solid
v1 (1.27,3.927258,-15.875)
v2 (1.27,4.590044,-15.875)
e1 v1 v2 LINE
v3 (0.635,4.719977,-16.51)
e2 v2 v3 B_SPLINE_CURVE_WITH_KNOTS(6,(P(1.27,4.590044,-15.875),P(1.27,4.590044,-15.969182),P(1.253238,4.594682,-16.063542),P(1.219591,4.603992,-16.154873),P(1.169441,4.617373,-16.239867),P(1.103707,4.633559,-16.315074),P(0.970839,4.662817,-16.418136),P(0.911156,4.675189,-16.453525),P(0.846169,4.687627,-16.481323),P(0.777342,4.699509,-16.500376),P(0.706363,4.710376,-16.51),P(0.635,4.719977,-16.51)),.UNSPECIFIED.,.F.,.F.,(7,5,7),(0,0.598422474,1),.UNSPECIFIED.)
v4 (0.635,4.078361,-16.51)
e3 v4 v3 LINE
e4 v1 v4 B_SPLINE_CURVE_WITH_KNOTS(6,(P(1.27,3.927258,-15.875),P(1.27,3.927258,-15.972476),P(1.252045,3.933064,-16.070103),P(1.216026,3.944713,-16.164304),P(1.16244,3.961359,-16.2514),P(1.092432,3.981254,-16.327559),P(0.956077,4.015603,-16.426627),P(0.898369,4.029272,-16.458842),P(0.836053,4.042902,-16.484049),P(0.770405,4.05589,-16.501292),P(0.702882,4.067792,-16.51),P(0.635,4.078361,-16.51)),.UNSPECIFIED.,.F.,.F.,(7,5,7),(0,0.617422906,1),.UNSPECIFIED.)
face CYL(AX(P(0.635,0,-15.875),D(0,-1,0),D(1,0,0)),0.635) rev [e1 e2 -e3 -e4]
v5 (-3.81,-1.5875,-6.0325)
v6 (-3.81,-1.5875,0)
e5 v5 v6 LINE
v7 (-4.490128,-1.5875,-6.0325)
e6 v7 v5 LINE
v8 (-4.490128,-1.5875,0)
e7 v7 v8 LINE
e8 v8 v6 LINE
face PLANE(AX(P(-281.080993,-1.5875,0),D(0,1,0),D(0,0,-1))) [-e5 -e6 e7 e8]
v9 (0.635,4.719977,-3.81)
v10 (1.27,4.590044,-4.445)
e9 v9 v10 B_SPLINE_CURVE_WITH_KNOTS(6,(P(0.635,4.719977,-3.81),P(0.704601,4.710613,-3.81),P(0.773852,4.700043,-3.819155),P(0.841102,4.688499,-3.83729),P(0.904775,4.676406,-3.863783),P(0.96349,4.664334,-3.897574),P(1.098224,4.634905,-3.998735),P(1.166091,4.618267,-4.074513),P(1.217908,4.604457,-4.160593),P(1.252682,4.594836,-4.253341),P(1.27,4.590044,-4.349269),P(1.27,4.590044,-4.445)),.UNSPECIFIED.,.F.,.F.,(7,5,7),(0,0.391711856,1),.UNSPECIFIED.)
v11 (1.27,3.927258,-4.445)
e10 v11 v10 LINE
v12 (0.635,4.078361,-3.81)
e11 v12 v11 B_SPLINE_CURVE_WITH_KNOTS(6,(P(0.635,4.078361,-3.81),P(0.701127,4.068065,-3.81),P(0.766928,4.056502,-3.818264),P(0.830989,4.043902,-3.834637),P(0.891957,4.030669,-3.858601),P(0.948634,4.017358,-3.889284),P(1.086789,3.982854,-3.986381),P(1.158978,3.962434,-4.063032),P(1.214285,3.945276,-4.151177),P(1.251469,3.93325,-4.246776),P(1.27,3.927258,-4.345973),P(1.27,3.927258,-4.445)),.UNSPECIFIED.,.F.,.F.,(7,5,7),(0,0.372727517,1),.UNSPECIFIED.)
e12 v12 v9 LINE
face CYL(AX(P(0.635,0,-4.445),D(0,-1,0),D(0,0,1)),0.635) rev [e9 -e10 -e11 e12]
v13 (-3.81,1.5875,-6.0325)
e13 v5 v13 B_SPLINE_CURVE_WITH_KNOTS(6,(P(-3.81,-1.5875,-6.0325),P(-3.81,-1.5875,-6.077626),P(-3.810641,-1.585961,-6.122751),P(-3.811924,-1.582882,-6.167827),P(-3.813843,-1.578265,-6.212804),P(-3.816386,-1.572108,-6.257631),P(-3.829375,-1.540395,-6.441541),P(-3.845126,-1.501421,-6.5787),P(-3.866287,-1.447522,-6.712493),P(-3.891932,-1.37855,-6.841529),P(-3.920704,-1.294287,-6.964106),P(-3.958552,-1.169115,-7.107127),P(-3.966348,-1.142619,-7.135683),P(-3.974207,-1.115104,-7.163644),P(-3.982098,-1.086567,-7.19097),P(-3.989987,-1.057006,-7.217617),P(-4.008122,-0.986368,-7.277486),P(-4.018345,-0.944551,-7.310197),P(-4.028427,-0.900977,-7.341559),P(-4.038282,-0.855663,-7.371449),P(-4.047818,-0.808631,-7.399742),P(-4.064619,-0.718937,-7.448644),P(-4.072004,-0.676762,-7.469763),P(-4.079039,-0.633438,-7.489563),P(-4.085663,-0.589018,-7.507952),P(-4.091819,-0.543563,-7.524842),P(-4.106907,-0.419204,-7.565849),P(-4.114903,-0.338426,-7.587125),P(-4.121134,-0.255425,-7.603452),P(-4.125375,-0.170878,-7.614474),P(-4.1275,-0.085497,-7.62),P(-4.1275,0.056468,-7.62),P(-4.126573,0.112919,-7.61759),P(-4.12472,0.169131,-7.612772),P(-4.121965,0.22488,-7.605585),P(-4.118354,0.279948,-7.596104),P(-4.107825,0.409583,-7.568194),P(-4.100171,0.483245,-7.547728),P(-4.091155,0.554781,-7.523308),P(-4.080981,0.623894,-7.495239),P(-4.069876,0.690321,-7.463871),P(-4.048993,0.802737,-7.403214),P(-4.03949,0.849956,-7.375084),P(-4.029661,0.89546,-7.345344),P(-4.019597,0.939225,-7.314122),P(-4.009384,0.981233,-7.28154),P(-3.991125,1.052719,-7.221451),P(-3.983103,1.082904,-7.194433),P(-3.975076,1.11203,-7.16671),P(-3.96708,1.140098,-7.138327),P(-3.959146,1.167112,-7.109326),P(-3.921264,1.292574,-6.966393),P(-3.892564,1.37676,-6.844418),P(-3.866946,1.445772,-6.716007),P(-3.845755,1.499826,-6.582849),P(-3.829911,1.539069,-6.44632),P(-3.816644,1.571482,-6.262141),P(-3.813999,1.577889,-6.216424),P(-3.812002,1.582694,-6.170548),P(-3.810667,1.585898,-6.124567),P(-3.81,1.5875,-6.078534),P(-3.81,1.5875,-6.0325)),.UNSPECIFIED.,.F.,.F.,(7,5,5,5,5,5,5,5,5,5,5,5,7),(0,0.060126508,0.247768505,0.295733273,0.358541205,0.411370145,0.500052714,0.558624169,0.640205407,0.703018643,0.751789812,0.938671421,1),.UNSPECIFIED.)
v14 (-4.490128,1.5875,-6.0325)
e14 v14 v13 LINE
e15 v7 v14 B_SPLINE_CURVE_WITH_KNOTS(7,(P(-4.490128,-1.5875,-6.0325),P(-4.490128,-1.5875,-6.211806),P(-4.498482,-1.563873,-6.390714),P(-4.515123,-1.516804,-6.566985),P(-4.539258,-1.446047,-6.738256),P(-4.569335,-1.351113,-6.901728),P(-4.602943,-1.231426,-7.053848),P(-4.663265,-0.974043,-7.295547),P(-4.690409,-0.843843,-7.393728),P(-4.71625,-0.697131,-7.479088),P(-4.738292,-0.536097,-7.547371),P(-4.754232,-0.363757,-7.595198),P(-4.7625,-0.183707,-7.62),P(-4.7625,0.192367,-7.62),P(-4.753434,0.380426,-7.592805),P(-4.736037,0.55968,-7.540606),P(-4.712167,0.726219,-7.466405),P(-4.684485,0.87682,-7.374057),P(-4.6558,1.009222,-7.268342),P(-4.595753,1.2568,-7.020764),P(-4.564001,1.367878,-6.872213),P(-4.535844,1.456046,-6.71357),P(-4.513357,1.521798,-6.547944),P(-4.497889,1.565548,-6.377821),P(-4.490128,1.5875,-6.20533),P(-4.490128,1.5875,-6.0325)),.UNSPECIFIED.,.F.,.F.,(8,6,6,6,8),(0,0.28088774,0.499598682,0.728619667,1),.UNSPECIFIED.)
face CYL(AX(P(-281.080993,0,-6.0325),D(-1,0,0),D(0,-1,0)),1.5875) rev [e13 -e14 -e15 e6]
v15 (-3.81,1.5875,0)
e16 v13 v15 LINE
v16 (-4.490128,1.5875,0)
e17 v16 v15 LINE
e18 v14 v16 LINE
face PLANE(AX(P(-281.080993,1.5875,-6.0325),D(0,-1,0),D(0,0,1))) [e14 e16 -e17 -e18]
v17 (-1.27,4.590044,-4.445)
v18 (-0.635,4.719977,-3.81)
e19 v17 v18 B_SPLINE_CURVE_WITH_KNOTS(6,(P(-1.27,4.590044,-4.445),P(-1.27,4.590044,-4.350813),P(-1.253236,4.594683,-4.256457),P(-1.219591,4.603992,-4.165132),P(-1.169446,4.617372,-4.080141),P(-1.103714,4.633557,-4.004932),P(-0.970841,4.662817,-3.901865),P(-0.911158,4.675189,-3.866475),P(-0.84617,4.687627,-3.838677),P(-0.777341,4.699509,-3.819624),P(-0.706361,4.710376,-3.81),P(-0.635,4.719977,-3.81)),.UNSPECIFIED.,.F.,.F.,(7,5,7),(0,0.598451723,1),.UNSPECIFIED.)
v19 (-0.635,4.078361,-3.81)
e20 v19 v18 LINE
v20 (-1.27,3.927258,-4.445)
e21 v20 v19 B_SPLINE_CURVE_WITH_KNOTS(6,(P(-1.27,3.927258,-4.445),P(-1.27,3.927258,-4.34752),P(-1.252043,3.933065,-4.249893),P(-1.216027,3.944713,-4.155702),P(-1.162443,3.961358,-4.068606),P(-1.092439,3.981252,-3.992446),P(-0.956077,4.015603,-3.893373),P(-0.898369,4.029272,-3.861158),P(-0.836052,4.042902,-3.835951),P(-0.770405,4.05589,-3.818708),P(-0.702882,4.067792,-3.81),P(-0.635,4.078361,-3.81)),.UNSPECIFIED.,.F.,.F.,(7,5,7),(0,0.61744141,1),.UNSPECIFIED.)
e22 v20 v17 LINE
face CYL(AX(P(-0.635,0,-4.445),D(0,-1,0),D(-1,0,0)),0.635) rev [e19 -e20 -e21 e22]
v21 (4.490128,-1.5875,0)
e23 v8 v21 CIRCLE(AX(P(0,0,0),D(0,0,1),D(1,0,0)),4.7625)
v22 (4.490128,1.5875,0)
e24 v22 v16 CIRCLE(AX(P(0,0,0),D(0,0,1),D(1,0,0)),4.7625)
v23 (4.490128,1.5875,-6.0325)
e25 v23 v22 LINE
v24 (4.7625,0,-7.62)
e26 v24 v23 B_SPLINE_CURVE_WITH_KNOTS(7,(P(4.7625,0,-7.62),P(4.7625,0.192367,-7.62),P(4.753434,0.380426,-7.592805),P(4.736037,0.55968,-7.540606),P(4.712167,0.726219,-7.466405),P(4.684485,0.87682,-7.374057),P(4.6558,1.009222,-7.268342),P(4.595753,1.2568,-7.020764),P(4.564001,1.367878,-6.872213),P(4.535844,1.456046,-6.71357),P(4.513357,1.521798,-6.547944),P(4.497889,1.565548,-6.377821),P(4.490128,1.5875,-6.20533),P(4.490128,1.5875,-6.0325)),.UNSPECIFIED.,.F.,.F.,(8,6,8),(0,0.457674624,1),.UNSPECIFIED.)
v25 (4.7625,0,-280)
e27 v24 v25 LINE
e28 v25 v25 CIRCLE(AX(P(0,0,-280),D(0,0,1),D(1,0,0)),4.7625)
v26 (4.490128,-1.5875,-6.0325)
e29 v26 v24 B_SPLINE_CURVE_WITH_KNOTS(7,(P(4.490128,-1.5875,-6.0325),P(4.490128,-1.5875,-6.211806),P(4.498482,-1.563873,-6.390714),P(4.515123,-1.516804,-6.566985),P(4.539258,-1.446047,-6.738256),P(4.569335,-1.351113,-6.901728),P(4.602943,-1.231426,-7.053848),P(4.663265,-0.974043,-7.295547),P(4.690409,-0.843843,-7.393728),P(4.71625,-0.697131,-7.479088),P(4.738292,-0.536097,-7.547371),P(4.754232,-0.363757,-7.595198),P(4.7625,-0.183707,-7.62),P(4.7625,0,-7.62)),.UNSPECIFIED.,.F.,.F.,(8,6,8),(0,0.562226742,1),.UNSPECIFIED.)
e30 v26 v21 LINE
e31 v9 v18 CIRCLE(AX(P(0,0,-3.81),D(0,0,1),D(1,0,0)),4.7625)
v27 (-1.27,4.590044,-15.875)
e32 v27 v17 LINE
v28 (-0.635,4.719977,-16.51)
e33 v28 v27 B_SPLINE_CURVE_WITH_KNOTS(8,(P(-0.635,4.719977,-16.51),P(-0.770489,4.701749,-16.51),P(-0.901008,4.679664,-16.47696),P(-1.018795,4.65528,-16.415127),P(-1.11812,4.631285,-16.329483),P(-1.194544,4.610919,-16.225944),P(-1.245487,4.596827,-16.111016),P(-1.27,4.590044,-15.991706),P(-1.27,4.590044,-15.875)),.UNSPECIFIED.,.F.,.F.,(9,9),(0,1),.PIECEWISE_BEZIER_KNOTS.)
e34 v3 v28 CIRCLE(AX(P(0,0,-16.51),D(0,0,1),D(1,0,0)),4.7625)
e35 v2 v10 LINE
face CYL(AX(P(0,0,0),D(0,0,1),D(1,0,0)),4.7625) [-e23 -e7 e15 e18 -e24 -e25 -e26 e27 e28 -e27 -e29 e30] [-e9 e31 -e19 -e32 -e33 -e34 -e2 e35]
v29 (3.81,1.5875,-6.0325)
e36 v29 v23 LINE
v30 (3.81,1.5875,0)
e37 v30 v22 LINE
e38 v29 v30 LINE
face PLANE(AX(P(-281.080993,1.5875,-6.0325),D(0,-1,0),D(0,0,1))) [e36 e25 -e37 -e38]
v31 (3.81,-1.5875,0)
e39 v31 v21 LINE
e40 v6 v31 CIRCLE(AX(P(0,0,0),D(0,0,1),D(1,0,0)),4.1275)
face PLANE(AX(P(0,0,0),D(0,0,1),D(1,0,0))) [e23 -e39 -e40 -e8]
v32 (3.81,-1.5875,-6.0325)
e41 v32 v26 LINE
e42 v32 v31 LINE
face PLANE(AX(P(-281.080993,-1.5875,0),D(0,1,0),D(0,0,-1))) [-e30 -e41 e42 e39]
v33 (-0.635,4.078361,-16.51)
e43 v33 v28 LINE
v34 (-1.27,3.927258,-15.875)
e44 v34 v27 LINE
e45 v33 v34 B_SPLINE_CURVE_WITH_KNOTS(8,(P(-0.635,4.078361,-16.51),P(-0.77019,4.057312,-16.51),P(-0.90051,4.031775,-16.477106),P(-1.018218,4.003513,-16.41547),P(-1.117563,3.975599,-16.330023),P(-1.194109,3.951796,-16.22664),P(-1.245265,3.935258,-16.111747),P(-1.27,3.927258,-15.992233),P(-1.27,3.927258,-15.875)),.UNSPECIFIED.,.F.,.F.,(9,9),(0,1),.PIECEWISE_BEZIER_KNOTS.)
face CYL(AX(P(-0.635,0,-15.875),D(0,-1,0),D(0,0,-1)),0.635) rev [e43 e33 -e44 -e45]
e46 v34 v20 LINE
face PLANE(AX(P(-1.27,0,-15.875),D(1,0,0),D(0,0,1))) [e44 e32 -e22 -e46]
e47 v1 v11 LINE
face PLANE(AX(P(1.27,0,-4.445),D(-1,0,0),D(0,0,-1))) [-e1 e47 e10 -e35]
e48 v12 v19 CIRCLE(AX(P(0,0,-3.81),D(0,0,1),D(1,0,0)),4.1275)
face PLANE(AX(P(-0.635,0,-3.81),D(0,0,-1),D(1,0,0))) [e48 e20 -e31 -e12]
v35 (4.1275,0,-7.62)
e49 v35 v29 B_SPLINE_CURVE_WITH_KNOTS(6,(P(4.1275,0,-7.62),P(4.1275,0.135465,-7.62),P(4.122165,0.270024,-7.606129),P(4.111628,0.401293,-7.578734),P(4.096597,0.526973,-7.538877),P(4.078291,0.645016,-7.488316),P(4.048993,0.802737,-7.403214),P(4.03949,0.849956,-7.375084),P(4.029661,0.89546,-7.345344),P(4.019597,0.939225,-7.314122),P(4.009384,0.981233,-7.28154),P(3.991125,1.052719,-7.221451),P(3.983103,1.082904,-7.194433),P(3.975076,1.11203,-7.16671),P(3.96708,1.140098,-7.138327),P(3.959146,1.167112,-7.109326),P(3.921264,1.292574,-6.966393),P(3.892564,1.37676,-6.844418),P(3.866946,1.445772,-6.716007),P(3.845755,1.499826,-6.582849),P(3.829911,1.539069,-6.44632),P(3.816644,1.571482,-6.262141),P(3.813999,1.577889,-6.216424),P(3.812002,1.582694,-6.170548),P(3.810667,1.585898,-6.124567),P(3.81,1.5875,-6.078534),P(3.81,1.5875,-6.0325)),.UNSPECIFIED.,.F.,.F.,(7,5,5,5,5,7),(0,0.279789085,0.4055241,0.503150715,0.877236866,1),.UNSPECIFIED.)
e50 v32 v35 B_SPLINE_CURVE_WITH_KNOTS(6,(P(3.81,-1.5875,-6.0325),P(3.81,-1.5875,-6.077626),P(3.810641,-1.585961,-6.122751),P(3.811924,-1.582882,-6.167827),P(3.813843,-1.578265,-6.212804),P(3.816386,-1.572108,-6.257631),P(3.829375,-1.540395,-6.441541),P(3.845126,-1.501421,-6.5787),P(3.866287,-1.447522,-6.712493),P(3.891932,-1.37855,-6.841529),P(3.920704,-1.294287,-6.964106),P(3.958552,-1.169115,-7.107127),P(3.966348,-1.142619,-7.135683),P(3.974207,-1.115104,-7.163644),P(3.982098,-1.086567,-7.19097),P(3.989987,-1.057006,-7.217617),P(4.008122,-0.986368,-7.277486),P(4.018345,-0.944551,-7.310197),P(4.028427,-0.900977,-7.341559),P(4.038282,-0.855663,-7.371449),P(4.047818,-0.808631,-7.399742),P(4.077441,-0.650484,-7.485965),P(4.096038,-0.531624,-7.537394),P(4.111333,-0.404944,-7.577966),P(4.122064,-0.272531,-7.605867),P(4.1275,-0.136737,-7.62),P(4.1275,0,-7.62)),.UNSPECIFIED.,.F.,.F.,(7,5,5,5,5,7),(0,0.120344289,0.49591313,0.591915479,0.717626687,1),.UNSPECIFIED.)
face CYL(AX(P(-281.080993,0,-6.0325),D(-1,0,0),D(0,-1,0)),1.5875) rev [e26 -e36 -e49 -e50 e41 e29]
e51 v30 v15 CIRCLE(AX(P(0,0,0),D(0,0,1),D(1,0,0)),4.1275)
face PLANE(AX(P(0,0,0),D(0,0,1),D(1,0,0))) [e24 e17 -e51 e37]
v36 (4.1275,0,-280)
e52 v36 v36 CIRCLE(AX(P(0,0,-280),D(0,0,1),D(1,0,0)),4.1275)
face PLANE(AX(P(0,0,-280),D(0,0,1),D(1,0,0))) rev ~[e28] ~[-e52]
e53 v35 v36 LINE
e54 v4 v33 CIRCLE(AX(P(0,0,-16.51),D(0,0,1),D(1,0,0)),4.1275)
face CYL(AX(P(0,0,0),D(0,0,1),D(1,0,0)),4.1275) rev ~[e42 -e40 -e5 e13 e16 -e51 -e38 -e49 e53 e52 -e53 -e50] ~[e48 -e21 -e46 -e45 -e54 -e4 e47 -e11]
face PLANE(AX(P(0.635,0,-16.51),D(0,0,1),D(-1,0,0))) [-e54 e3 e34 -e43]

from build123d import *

# Parameters (mm, degrees)
SKETCH1_R               = 4.7625
SKETCH1_R_2             = 4.1275
SHAFTBODY_DEPTH         = 280
SIDECUTS_DEPTH          = 281.080993308
SIDECUTS_DEPTH_BACK     = 281.080993308
CUT_EXTRUDE2_REACH      = 282.081
CUT_EXTRUDE2_END_RADIUS = 4.7625


with BuildPart() as part:
    # Sketch1 → ShaftBody (new body)
    with BuildSketch(Plane.XY):
        Circle(SKETCH1_R)
        Circle(SKETCH1_R_2, mode=Mode.SUBTRACT)
    extrude(amount=-SHAFTBODY_DEPTH)

    # Sketch6 → SideCuts (cut, two sides: drawn at the far end of the back side and taken through both)
    with BuildSketch(Plane(origin=(0, 0, 0), x_dir=(0, 0, -1), z_dir=(1, 0, 0)).offset(-SIDECUTS_DEPTH_BACK)):
        with BuildLine():
            Line((6.0325, 1.5875), (0, 1.5875))
            Line((0, 1.5875), (0, -1.5875))
            Line((0, -1.5875), (6.0325, -1.5875))
            ThreePointArc((6.0325, -1.5875), (7.62, 0), (6.0325, 1.5875))
        make_face()
    extrude(amount=SIDECUTS_DEPTH + SIDECUTS_DEPTH_BACK, mode=Mode.SUBTRACT)

    # Cut-Extrude2: up to this cylinder (the profile starts inside it)
    cut_extrude2_end = Plane(origin=(0, 0, -10.16), z_dir=(0, 0, 1)) * Cylinder(CUT_EXTRUDE2_END_RADIUS, 574.687, mode=Mode.PRIVATE)
    # Sketch7 → Cut-Extrude2 (cut, up to the surface)
    with BuildSketch(Plane(origin=(0, 0, 0), x_dir=(1, 0, 0), z_dir=(0, 1, 0)), mode=Mode.PRIVATE) as cut_extrude2_sk1:
        with BuildLine():
            Line((-0.635, 3.81), (0.635, 3.81))
            ThreePointArc((0.635, 3.81), (1.084012806, 3.995987194), (1.27, 4.445))
            Line((1.27, 4.445), (1.27, 15.875))
            ThreePointArc((1.27, 15.875), (1.084012806, 16.324012806), (0.635, 16.51))
            Line((0.635, 16.51), (-0.635, 16.51))
            ThreePointArc((-0.635, 16.51), (-1.084012806, 16.324012806), (-1.27, 15.875))
            Line((-1.27, 15.875), (-1.27, 4.445))
            ThreePointArc((-1.27, 4.445), (-1.084012806, 3.995987194), (-0.635, 3.81))
        make_face()
    cut_extrude2_tool1 = extrude(cut_extrude2_sk1.sketch, amount=CUT_EXTRUDE2_REACH, mode=Mode.PRIVATE) & cut_extrude2_end
    add(cut_extrude2_tool1.solids().sort_by_distance((0, 0, -10.16))[0], mode=Mode.SUBTRACT)


solid = part.part
